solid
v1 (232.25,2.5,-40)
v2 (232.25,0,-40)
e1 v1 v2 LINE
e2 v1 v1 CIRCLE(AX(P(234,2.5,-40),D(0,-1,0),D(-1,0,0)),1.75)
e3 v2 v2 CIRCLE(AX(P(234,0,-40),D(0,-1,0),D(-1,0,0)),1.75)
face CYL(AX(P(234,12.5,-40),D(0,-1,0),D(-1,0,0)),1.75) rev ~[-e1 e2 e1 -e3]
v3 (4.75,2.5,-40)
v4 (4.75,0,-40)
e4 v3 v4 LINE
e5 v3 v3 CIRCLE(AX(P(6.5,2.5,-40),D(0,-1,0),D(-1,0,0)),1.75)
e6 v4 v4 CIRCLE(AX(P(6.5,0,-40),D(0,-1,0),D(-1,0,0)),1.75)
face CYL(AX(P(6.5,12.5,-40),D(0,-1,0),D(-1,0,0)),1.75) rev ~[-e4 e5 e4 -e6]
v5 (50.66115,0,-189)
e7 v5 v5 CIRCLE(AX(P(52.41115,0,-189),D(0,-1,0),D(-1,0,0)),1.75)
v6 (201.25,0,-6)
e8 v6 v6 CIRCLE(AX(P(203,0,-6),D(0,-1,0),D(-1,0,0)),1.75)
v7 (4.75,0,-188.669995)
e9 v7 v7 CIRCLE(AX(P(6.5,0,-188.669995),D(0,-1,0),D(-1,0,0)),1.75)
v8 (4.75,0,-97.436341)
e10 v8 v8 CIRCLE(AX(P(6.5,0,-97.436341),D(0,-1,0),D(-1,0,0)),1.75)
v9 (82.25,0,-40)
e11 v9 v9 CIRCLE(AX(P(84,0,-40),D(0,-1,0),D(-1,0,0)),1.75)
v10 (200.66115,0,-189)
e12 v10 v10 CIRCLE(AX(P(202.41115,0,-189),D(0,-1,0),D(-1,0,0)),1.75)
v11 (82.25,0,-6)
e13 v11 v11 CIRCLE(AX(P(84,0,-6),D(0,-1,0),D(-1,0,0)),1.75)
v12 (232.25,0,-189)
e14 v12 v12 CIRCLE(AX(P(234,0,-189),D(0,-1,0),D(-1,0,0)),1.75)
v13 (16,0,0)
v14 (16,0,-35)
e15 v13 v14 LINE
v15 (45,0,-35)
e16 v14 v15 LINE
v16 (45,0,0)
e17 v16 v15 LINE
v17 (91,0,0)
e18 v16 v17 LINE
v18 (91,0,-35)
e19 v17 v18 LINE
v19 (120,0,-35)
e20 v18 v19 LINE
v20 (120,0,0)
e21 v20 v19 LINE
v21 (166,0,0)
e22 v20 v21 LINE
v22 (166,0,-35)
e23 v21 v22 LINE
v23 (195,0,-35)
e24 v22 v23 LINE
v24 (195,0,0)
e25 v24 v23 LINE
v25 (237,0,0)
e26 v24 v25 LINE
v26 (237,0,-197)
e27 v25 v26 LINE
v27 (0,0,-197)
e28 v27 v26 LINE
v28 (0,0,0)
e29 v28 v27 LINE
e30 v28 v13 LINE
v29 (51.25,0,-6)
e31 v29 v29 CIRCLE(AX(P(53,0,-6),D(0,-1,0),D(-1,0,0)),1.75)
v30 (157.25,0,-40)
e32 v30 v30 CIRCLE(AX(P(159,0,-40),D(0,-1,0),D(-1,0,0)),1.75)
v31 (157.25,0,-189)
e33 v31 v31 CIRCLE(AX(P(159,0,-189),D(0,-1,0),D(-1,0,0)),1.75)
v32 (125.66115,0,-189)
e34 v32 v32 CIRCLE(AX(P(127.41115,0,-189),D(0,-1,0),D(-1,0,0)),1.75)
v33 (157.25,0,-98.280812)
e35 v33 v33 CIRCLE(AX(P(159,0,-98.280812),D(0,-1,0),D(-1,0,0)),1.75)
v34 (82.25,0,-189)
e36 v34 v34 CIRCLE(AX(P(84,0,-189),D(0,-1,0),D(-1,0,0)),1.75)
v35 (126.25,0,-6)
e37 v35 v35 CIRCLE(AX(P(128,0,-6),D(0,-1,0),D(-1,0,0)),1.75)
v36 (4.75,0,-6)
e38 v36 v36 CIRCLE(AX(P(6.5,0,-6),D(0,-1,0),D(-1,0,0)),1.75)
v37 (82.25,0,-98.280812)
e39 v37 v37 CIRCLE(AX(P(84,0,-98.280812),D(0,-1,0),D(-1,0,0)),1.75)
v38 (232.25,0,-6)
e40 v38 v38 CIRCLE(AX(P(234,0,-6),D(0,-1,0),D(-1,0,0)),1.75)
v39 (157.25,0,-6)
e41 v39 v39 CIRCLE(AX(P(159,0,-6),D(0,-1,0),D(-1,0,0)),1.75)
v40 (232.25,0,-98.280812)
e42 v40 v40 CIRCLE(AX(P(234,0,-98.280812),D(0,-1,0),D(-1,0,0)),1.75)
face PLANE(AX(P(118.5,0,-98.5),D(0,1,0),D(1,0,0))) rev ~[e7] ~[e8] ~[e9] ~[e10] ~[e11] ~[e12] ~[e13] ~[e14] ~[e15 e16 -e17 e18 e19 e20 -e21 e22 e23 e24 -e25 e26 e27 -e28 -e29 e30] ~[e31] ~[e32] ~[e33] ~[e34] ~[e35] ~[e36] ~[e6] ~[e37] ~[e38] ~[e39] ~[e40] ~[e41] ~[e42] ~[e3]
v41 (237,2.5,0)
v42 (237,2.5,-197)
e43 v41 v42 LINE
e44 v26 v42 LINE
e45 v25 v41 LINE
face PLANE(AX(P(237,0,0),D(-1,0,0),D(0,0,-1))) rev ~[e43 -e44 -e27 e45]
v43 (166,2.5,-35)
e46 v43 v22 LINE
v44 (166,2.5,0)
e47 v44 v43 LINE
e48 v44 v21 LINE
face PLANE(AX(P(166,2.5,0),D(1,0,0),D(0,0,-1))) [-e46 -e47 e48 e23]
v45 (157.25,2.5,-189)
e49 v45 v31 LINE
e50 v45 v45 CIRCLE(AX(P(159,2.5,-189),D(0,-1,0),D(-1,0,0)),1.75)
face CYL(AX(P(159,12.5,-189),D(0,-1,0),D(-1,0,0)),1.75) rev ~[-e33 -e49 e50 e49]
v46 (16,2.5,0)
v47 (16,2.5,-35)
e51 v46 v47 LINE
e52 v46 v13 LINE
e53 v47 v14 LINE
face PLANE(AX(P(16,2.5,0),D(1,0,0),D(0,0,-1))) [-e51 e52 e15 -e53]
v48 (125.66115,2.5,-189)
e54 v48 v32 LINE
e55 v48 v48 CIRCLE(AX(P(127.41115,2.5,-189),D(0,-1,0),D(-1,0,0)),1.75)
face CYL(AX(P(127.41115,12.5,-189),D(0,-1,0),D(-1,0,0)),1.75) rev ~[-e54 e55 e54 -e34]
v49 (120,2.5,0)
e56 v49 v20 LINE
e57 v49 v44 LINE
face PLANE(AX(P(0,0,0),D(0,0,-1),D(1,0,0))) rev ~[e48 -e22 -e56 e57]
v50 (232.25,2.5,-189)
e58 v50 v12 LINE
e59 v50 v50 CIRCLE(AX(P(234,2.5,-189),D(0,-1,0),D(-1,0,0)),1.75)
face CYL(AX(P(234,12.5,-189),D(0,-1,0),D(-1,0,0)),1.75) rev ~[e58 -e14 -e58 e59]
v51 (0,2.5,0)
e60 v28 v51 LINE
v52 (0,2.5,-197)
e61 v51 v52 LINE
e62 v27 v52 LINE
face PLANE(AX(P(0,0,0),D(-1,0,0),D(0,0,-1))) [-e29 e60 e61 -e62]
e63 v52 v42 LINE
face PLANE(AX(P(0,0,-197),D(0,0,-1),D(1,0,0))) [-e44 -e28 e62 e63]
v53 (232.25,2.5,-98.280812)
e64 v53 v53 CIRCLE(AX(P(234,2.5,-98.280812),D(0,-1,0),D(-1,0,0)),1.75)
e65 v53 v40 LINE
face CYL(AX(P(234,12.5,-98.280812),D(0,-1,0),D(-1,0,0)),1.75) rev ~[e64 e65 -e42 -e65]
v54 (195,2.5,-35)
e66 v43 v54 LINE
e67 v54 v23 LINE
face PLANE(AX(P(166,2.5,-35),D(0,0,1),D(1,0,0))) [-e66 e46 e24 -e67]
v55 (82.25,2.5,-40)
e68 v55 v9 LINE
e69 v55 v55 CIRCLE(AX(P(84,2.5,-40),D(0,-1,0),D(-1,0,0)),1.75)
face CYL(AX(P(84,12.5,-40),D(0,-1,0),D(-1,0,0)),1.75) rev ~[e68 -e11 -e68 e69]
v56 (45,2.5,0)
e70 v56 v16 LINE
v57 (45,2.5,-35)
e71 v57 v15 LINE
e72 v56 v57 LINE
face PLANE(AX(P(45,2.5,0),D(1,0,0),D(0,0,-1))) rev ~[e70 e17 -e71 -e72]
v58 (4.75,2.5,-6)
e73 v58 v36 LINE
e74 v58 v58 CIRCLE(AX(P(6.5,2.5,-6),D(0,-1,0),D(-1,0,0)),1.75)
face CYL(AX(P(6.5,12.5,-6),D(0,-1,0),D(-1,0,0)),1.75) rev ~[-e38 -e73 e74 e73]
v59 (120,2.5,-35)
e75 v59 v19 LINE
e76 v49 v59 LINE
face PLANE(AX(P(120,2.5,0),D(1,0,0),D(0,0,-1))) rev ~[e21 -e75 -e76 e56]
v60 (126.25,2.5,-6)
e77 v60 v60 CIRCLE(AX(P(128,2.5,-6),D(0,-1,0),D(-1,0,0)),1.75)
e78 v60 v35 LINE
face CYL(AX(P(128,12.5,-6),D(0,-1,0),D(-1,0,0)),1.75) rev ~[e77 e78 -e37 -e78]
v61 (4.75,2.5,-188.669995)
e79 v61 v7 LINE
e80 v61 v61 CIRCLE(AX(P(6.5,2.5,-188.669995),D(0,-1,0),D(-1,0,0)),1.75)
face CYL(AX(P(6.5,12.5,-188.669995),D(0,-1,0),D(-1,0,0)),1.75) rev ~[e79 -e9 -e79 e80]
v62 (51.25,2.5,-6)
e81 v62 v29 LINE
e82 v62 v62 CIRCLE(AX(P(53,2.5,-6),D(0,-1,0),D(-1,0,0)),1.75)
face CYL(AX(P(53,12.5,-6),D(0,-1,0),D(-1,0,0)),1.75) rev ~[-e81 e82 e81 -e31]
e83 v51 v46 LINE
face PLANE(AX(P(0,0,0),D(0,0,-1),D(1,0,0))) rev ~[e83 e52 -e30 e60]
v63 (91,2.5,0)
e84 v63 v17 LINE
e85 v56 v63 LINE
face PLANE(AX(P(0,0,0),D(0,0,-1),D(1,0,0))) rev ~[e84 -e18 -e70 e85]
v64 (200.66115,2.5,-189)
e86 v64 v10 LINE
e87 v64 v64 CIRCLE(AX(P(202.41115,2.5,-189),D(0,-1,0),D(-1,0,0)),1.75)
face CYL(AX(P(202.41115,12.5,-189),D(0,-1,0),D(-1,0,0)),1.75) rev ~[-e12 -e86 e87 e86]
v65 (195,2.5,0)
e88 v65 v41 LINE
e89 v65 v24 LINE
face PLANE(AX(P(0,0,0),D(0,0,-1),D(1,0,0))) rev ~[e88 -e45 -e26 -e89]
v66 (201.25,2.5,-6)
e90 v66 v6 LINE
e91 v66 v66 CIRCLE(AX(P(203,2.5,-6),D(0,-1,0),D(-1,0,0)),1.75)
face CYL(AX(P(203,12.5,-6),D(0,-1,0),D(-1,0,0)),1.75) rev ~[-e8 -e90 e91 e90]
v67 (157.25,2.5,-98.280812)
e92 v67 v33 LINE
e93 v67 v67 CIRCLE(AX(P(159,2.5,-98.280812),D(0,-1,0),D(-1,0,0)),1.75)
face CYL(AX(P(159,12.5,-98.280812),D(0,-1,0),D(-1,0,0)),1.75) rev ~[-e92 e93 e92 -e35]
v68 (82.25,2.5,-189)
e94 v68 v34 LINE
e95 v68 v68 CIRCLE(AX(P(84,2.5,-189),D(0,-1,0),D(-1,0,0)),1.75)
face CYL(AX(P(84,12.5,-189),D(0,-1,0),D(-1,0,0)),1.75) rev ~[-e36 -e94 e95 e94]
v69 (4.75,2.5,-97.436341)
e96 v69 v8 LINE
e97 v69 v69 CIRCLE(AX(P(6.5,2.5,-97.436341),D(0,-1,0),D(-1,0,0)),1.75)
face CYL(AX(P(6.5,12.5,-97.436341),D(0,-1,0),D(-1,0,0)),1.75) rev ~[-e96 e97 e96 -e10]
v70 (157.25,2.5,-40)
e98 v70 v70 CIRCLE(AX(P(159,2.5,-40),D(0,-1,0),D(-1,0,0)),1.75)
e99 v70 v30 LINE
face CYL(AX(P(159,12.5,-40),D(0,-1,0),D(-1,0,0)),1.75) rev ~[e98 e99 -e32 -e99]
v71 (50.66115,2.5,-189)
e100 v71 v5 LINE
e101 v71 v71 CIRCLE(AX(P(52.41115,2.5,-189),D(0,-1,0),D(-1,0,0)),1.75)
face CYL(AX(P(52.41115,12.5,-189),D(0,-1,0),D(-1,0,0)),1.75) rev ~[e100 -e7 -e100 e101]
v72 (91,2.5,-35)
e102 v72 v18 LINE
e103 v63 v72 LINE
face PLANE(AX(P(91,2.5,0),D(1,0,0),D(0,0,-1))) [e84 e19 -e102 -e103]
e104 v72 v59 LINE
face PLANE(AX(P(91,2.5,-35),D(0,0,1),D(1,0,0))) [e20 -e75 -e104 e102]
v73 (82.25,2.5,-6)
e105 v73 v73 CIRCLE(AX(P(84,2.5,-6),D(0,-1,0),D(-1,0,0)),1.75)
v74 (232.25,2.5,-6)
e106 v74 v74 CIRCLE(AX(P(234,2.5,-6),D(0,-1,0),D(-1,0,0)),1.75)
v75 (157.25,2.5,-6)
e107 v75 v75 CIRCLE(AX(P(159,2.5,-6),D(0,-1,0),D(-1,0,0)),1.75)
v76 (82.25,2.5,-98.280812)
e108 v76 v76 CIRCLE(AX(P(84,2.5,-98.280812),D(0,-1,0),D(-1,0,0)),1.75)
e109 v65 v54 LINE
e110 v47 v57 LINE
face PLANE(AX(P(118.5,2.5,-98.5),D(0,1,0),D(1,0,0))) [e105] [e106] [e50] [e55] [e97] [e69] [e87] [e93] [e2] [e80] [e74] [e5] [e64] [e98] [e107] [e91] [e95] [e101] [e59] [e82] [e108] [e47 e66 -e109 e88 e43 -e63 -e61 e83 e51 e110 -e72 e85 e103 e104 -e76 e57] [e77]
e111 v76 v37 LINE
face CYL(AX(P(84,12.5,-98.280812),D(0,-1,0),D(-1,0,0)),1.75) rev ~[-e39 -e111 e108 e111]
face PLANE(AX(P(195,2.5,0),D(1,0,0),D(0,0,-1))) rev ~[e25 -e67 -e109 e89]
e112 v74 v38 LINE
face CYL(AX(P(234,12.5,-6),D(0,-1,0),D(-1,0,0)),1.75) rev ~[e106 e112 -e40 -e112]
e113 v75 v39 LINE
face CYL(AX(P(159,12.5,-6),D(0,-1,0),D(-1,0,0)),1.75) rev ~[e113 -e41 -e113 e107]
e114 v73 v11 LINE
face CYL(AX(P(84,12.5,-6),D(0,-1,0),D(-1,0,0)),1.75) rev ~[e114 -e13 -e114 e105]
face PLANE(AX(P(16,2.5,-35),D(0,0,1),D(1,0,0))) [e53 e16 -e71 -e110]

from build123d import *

# Parameters (mm, degrees)
SZKIC1_W                       = 237
SZKIC1_H                       = 197
DODANIE_WYCI_GNI_CIE1_DEPTH    = 2.5
SZKIC2_W                       = 29
SZKIC2_H                       = 35
WYTNIJ_WYCI_GNI_CIE1_DEPTH     = 3
SZYK_LINIOWY1_COUNT            = 3
SZYK_LINIOWY1_PITCH            = 75
OTWORY_USTALAJ_CE_4_0MM1_D     = 3.5
OTWORY_USTALAJ_CE_4_0MM1_DEPTH = 10


with BuildPart() as part:
    # Szkic1 → Dodanie-wyciągnięcie1 (new body)
    with BuildSketch(Plane(origin=(0, 0, 0), x_dir=(1, 0, 0), z_dir=(0, 1, 0))):
        with Locations((118.5, 98.5)):
            Rectangle(SZKIC1_W, SZKIC1_H)
    extrude(amount=DODANIE_WYCI_GNI_CIE1_DEPTH)

    # Szkic2 → Wytnij-wyciągnięcie1 (cut)
    with BuildSketch(Plane(origin=(0, 2.5, 0), x_dir=(1, 0, 0), z_dir=(0, 1, 0))):
        with Locations((30.5, 17.5)):
            Rectangle(SZKIC2_W, SZKIC2_H)
    wytnij_wyci_gni_cie1 = extrude(amount=-WYTNIJ_WYCI_GNI_CIE1_DEPTH, mode=Mode.SUBTRACT)

    # Szyk liniowy1: Wytnij-wyciągnięcie1 ×3
    with Locations(*[(i * SZYK_LINIOWY1_PITCH, 0, 0) for i in range(1, SZYK_LINIOWY1_COUNT)]):
        add(wytnij_wyci_gni_cie1, mode=Mode.SUBTRACT)

    # Otwory ustalające Ø4.0mm1
    with Locations(Plane(origin=(0, 2.5, 0), x_dir=(1, 0, 0), z_dir=(0, 1, 0))):
        with Locations((6.5, 6), (53, 6), (84, 6), (84, 98.280811552), (6.5, 97.43634097), (6.5, 188.669995221), (52.411150371, 189), (84, 189), (127.411150371, 189), (128, 6), (159, 6), (203, 6), (234, 6), (159, 98.280811552), (234, 98.280811552), (234, 189), (202.411150371, 189), (159, 189), (6.5, 40), (84, 40), (159, 40), (234, 40)):
            Hole(OTWORY_USTALAJ_CE_4_0MM1_D / 2, depth=OTWORY_USTALAJ_CE_4_0MM1_DEPTH)


solid = part.part
